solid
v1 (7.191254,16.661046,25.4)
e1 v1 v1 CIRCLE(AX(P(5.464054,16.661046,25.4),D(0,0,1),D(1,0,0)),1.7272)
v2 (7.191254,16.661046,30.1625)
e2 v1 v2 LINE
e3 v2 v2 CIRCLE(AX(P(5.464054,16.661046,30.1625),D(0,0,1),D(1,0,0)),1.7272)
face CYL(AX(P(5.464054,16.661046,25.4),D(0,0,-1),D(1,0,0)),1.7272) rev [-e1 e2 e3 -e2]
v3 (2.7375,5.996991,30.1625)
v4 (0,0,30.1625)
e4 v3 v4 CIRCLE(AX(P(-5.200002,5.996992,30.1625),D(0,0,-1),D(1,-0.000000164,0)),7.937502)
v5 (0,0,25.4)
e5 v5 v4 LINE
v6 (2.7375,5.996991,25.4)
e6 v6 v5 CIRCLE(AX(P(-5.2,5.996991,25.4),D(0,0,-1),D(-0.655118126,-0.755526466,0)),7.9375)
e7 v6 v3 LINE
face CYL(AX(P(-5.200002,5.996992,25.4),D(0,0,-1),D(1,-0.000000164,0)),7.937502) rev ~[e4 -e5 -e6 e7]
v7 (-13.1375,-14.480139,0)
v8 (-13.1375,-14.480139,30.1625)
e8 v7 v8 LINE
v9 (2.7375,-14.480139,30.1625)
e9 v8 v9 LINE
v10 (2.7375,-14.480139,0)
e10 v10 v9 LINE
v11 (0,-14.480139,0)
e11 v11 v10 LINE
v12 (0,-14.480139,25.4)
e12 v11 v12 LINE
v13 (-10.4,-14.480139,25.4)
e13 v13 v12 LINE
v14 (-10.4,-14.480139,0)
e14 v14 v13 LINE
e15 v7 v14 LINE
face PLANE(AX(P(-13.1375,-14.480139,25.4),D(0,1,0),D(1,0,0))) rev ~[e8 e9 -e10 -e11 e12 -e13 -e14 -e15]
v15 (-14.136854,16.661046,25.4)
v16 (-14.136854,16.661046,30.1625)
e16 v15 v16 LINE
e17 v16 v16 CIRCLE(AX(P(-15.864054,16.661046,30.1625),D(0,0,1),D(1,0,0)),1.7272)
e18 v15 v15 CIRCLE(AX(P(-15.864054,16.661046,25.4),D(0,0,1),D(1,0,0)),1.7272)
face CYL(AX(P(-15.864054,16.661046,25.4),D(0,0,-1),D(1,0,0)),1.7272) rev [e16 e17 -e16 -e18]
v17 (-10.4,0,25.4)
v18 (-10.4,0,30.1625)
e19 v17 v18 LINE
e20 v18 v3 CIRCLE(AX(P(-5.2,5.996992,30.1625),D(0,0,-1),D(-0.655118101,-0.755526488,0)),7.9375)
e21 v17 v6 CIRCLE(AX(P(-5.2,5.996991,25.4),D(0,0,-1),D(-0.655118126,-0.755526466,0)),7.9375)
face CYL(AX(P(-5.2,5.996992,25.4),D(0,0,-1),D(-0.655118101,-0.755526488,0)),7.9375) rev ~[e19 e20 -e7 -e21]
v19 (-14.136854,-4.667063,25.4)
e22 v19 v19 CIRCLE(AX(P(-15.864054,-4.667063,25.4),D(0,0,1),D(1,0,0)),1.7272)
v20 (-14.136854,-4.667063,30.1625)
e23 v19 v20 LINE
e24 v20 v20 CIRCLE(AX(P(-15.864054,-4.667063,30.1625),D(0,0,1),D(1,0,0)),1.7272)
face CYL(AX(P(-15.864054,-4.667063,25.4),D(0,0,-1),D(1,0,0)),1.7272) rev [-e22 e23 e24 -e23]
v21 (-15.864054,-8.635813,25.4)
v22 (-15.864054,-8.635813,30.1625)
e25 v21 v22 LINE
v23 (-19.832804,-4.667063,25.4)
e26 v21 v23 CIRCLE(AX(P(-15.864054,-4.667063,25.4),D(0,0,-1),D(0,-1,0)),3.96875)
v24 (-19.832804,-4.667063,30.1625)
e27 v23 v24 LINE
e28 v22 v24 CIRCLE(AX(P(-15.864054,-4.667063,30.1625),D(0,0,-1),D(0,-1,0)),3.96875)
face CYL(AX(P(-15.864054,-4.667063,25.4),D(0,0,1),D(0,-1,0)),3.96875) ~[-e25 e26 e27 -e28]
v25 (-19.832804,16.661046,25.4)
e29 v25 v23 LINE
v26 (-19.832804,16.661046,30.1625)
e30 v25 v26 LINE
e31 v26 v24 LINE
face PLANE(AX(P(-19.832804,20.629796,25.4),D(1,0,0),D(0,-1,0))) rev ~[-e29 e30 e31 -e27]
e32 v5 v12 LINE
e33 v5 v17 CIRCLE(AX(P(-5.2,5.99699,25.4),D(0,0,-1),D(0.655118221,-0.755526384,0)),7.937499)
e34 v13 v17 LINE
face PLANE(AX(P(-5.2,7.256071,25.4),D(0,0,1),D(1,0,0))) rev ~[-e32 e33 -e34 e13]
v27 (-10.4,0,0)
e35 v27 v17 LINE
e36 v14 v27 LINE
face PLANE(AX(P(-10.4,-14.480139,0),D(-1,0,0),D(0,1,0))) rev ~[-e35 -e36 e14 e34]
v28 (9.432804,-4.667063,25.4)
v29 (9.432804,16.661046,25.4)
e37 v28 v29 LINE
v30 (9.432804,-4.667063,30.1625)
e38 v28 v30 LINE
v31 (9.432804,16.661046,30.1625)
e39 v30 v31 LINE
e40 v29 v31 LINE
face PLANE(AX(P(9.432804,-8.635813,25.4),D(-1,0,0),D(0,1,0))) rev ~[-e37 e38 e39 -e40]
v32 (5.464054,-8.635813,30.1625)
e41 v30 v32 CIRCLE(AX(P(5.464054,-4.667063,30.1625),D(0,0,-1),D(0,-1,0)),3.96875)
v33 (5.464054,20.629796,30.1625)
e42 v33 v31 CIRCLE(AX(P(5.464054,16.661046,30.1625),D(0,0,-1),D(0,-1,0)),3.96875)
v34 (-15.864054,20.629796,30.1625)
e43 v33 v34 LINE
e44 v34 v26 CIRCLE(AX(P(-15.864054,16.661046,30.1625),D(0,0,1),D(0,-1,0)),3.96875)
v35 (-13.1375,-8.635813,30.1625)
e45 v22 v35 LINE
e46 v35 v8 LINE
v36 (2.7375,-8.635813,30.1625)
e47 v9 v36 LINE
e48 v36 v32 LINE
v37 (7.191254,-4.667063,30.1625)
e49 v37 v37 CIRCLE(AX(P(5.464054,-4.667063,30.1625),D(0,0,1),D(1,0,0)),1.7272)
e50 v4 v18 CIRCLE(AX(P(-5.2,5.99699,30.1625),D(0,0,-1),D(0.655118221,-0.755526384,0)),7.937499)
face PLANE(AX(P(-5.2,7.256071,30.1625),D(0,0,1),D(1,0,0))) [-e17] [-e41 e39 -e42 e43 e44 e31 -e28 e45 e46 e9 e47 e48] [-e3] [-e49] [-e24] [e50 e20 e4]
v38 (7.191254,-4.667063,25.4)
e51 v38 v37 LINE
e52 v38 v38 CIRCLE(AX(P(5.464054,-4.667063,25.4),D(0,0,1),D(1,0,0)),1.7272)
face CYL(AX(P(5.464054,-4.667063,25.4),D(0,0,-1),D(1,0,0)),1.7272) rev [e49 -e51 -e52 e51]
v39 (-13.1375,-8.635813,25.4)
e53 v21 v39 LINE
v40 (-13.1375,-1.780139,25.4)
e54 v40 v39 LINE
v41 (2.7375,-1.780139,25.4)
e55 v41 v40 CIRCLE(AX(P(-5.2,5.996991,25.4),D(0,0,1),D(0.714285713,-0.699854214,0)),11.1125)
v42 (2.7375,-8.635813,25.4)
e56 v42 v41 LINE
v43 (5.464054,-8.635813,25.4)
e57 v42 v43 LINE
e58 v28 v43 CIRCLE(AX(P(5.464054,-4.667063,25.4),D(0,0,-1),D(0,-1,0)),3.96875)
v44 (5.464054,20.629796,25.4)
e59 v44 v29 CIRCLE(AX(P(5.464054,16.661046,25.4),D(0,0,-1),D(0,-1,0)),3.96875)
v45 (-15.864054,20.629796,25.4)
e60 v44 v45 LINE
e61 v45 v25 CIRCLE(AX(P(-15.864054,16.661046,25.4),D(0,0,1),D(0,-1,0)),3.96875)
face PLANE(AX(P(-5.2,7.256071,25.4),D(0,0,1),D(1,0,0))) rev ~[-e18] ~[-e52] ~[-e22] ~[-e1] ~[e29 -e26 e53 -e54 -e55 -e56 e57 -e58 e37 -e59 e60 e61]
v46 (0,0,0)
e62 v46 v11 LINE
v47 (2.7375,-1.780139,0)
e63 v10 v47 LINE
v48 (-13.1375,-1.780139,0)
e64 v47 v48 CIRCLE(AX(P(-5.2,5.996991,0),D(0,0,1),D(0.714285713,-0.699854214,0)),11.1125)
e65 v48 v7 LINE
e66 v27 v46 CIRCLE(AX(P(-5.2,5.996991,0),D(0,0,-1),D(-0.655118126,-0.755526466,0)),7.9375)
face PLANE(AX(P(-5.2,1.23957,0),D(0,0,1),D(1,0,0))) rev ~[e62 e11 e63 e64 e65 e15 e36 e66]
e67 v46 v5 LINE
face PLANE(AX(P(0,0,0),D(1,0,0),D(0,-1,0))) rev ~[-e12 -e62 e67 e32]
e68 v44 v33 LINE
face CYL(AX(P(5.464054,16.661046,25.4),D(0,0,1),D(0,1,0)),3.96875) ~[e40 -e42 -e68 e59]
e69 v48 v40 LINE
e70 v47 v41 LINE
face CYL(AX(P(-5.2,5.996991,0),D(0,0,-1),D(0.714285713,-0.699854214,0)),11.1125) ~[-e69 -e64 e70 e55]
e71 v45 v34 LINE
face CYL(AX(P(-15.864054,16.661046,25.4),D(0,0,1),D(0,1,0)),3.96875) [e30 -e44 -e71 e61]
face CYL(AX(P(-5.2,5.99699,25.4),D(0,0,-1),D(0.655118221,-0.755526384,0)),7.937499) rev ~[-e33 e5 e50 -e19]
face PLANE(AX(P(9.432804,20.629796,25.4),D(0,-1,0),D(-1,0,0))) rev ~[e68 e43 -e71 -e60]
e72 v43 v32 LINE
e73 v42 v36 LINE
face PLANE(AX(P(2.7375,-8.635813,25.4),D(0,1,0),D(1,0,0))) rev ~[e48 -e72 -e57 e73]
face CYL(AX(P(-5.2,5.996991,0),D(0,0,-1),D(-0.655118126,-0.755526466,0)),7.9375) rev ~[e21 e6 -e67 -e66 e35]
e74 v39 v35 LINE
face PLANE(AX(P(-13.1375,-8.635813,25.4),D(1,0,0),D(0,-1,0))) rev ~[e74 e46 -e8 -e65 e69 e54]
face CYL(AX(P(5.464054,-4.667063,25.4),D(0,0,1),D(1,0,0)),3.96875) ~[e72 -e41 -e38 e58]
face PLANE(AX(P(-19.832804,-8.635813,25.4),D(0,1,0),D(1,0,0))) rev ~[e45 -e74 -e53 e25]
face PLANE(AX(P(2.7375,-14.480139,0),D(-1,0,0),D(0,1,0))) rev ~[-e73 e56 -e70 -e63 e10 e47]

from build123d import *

# Parameters (mm, degrees)
F1_DEPTH = 25.4
F2_R     = 1.7272
F3_DEPTH = 4.7625
F4_R     = 3.96875


with BuildPart() as f1:
    # F0 (on Top) → F1 (new body)
    with BuildSketch(Plane.XY):
        with BuildLine():
            ThreePointArc((-10.4, 0), (-5.2, 13.934491), (0, 0))
            Line((0, 0), (0, -14.480139))
            Line((0, -14.480139), (2.7375, -14.480139))
            Line((2.7375, -14.480139), (2.7375, -1.780139))
            ThreePointArc((2.7375, -1.780139), (-5.2, 17.109491), (-13.1375, -1.780139))
            Line((-13.1375, -1.780139), (-13.1375, -14.480139))
            Line((-13.1375, -14.480139), (-10.4, -14.480139))
            Line((-10.4, -14.480139), (-10.4, 0))
        make_face()
    extrude(amount=F1_DEPTH)

    # F2 (on face) → F3 (join)
    with BuildSketch(Plane.XY.offset(25.4)):
        with BuildLine():
            Line((-19.832804, -8.635813), (-13.1375, -8.635813))
            Line((-13.1375, -8.635813), (-13.1375, -1.780139))
            ThreePointArc((-13.1375, -1.780139), (-5.2, 17.109491), (2.7375, -1.780139))
            Line((2.7375, -1.780139), (2.7375, -8.635813))
            Line((2.7375, -8.635813), (9.432804, -8.635813))
            Line((9.432804, -8.635813), (9.432804, 20.629796))
            Line((9.432804, 20.629796), (-19.832804, 20.629796))
            Line((-19.832804, 20.629796), (-19.832804, -8.635813))
        make_face()
        with Locations((-15.864054, -4.667063)):
            Circle(F2_R, mode=Mode.SUBTRACT)
        with Locations((5.464054, -4.667063)):
            Circle(F2_R, mode=Mode.SUBTRACT)
        with Locations((-15.864054, 16.661046)):
            Circle(F2_R, mode=Mode.SUBTRACT)
        with Locations((5.464054, 16.661046)):
            Circle(F2_R, mode=Mode.SUBTRACT)
        with BuildLine():
            Line((-13.1375, -8.635813), (-13.1375, -14.480139))
            Line((-13.1375, -14.480139), (-10.4, -14.480139))
            Line((-10.4, -14.480139), (-10.4, 0))
            ThreePointArc((-10.4, 0), (-8.496127, 13.217757), (2.7375, 5.996991))
            ThreePointArc((2.7375, 5.996991), (2.020765, 2.700864), (0, 0))
            Line((0, 0), (0, -14.480139))
            Line((0, -14.480139), (2.7375, -14.480139))
            Line((2.7375, -14.480139), (2.7375, -8.635813))
            Line((2.7375, -8.635813), (2.7375, -1.780139))
            ThreePointArc((2.7375, -1.780139), (-5.2, 17.109491), (-13.1375, -1.780139))
            Line((-13.1375, -1.780139), (-13.1375, -8.635813))
        make_face()
        with BuildLine():
            Line((-10.4, 0), (-10.4, -14.480139))
            Line((-10.4, -14.480139), (0, -14.480139))
            Line((0, -14.480139), (0, 0))
            ThreePointArc((0, 0), (-5.2, -1.940509), (-10.4, 0))
        make_face()
    extrude(amount=F3_DEPTH)

    # F4
    f4_edges = [f1.edges().sort_by_distance(p)[0] for p in [
        (-19.832804, -8.635813, 27.78125),
        (9.432804, -8.635813, 27.78125),
        (9.432804, 20.629796, 27.78125),
        (-19.832804, 20.629796, 27.78125),
    ]]
    fillet(f4_edges, radius=F4_R)


solid = f1.part
